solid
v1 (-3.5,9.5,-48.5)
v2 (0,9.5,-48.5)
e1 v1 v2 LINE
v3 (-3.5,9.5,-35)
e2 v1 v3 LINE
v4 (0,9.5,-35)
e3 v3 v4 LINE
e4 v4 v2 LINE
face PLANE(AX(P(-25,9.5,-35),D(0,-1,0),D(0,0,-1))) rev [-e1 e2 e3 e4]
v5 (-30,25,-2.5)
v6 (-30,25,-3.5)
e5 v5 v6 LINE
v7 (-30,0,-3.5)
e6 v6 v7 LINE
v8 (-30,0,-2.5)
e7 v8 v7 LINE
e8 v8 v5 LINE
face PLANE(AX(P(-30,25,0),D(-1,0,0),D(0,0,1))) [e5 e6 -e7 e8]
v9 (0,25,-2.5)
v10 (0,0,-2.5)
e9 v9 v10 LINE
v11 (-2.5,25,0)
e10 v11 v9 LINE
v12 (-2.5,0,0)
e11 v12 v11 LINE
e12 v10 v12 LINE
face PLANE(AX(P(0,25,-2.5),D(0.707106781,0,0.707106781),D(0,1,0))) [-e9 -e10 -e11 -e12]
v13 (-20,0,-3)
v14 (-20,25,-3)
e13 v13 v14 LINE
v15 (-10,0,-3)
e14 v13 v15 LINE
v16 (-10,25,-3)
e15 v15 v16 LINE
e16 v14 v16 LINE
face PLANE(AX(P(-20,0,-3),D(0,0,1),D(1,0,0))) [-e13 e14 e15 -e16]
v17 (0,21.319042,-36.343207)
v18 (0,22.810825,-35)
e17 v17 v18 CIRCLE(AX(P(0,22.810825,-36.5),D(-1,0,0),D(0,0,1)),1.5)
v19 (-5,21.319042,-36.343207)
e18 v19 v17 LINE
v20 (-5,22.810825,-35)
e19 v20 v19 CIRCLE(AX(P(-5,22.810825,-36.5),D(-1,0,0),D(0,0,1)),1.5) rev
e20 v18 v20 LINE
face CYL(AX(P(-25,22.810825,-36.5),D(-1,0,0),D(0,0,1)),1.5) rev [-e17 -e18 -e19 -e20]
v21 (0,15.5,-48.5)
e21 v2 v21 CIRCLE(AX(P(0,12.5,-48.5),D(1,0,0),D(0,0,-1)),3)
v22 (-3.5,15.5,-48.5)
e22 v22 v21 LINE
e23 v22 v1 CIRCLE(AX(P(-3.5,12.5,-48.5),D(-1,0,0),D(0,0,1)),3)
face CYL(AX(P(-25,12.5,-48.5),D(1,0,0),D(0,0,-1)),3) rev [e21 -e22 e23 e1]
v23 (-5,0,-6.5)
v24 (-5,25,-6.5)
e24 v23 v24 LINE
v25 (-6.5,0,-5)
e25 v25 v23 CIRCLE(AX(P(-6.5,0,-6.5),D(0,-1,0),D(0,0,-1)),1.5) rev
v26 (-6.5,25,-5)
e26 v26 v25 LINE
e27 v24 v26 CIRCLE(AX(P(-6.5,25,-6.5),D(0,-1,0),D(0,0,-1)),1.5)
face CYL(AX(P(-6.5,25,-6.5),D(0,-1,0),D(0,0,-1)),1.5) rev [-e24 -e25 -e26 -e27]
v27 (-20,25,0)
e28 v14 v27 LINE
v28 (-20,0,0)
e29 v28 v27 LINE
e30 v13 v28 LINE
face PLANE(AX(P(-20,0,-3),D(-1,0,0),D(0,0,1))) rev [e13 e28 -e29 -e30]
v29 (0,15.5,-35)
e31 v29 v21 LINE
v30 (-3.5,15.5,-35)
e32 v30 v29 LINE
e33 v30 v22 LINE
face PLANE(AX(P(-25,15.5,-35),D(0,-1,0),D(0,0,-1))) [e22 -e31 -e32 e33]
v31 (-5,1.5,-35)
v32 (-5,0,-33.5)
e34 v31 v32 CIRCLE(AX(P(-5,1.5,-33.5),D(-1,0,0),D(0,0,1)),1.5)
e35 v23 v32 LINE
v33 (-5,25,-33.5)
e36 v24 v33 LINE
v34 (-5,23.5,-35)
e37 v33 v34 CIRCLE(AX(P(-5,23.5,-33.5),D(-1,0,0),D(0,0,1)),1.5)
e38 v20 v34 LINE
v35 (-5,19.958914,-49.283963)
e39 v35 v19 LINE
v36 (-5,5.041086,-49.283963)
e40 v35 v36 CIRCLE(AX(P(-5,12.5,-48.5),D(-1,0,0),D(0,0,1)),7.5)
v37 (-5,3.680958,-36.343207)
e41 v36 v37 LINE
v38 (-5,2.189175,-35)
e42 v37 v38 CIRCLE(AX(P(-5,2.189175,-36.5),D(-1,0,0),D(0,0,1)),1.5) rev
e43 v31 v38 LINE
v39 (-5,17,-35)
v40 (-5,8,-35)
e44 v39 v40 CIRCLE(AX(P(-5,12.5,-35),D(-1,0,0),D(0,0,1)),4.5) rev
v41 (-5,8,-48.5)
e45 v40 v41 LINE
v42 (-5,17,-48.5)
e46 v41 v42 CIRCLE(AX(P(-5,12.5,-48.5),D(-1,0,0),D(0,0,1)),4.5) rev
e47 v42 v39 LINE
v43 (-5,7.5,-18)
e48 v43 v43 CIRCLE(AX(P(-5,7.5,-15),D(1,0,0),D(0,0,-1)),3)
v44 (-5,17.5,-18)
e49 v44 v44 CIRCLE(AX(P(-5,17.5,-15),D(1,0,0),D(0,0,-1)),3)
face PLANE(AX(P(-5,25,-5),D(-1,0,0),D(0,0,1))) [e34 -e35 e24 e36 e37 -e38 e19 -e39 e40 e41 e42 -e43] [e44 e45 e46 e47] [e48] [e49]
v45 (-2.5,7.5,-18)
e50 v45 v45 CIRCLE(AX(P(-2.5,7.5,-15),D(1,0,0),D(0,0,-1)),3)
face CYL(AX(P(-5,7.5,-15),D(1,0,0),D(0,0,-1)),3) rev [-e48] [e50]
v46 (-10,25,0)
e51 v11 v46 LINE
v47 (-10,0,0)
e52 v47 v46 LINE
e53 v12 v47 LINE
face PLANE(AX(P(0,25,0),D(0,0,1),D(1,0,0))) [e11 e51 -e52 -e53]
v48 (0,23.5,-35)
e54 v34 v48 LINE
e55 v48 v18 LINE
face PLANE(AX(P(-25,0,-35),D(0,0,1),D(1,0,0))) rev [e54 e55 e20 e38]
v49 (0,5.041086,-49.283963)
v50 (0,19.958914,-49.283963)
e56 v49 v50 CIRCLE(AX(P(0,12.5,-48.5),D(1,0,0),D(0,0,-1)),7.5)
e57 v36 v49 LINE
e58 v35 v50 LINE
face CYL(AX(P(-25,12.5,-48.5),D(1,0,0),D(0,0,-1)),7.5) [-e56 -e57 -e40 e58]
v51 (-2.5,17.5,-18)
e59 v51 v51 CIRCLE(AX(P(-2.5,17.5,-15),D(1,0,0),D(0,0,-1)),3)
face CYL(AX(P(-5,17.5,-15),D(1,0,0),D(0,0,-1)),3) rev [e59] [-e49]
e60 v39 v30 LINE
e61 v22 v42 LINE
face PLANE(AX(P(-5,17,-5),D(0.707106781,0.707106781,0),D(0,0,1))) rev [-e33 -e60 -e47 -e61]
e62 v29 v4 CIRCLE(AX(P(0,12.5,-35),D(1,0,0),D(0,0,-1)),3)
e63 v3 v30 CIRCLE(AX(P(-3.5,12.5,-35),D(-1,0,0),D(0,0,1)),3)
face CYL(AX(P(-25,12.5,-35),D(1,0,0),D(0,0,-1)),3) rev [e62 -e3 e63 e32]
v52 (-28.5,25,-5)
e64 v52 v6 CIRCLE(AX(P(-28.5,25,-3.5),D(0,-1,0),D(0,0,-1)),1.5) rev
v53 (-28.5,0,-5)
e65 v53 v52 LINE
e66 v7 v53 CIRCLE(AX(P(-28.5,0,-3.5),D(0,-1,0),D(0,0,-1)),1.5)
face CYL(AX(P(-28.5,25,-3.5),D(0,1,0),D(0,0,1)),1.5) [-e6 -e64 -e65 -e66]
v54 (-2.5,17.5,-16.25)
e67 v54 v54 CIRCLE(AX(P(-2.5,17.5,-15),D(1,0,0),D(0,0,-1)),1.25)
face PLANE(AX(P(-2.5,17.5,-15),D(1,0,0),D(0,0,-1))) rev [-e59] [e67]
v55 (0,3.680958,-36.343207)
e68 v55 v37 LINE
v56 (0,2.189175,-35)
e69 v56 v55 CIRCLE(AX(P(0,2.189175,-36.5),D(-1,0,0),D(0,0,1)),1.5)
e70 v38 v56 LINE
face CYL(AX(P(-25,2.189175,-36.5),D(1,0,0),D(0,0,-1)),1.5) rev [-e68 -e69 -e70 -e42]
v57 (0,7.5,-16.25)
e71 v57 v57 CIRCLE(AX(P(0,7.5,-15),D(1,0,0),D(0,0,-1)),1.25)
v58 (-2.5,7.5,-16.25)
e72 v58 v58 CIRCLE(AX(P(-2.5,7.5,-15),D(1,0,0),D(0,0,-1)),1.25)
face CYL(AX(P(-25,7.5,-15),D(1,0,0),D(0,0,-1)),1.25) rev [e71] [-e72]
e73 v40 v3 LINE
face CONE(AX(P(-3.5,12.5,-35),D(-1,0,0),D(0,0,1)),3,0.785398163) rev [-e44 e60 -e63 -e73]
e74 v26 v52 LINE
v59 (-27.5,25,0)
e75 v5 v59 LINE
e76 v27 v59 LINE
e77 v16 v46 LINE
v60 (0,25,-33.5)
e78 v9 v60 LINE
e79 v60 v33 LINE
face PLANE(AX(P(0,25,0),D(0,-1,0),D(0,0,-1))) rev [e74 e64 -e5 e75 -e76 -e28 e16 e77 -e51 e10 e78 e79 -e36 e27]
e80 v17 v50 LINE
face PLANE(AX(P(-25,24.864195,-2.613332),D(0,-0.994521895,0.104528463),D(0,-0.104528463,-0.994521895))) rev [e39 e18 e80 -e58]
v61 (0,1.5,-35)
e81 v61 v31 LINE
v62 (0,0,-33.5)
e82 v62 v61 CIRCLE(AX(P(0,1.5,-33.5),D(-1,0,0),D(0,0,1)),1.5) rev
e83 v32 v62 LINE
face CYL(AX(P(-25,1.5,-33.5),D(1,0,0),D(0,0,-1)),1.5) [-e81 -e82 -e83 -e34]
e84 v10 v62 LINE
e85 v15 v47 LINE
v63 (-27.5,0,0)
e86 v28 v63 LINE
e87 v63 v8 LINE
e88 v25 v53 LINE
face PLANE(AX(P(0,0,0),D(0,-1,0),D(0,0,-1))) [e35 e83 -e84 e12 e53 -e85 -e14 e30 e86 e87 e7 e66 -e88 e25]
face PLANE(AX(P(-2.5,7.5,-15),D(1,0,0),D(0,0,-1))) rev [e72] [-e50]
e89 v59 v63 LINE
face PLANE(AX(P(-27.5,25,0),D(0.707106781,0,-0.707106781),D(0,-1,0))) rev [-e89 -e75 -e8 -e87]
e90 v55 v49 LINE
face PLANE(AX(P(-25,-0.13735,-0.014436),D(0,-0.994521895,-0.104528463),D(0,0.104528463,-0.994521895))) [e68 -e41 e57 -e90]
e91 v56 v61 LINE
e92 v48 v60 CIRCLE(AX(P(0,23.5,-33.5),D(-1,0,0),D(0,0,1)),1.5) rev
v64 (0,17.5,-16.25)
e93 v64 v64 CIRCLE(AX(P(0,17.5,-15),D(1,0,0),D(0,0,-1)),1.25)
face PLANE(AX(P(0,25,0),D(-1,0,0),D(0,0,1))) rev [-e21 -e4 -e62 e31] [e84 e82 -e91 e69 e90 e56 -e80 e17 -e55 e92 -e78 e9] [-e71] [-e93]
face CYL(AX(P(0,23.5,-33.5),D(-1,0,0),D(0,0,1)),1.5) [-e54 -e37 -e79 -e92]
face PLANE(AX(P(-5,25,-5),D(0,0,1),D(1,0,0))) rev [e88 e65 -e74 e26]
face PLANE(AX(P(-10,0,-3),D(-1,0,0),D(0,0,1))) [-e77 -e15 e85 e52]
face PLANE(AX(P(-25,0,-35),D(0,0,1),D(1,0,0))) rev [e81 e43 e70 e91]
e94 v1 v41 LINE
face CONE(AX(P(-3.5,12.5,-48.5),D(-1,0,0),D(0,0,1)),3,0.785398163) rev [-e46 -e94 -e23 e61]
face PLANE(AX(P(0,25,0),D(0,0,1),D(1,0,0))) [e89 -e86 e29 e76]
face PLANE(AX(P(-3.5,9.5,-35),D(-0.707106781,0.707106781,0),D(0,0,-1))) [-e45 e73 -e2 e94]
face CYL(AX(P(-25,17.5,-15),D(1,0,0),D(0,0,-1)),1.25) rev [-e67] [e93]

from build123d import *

# Parameters (mm, degrees)
BOSS_EXTRUDE1_DEPTH = 25
CUT_EXTRUDE1_DEPTH  = 25
CUT_EXTRUDE2_DEPTH  = 25
FILLET1_R           = 1.5
SKETCH5_R           = 1.25
CUT_EXTRUDE4_DEPTH  = 25
CUT_EXTRUDE5_START  = -2.5
SKETCH5_4_R         = 3
SKETCH5_4_R_2       = 1.25
CUT_EXTRUDE5_DEPTH  = 2.5
SKETCH7_W           = 10
SKETCH7_H           = 3
CUT_EXTRUDE6_DEPTH  = 69.271516755
CHAMFER1_SIZE       = 2.5
FILLET2_R           = 1.5
CHAMFER2_SIZE       = 1.5


with BuildPart() as part:
    # Sketch1 → Boss-Extrude1 (new body)
    with BuildSketch(Plane(origin=(0, 0, 0), x_dir=(1, 0, 0), z_dir=(0, 1, 0))):
        Polygon((0, 0), (-30, 0), (-30, 5), (-5, 5), (-5, 56), (0, 56), align=None)
    extrude(amount=BOSS_EXTRUDE1_DEPTH)

    # Sketch2 → Cut-Extrude1 (cut)
    with BuildSketch(Plane(origin=(0, 0, 0), x_dir=(0, 0, -1), z_dir=(1, 0, 0))):
        with BuildLine():
            Line((56, 25), (35, 25))
            Line((35, 25), (35, 21.460219273))
            Line((35, 21.460219273), (49.283963462, 19.958914217))
            ThreePointArc((49.283963462, 19.958914217), (54.073586187, 17.518479552), (56, 12.5))
            Line((56, 12.5), (56, 25))
        make_face()
        with BuildLine():
            ThreePointArc((56, 12.5), (54.073586128, 7.481520383), (49.283963288, 5.041085765))
            Line((49.283963288, 5.041085765), (35, 3.539780727))
            Line((35, 3.539780727), (35, 0))
            Line((35, 0), (56, 0))
            Line((56, 0), (56, 12.5))
        make_face()
    extrude(amount=-CUT_EXTRUDE1_DEPTH, mode=Mode.SUBTRACT)

    # Sketch3 → Cut-Extrude2 (cut)
    with BuildSketch(Plane(origin=(0, 0, 0), x_dir=(0, 0, -1), z_dir=(1, 0, 0))):
        with BuildLine():
            Line((35, 15.5), (48.5, 15.5))
            ThreePointArc((48.5, 15.5), (51.5, 12.5), (48.5, 9.5))
            Line((48.5, 9.5), (35, 9.5))
            ThreePointArc((35, 9.5), (32, 12.5), (35, 15.5))
        make_face()
    extrude(amount=-CUT_EXTRUDE2_DEPTH, mode=Mode.SUBTRACT)

    # Fillet1
    fillet1_edges = [part.edges().sort_by_distance(p)[0] for p in [
        (-2.5, 21.460219273, -35),
        (-2.5, 3.539780727, -35),
        (-2.5, 0, -35),
        (-2.5, 25, -35),
    ]]
    fillet(fillet1_edges, radius=FILLET1_R)

    # Sketch5 → Cut-Extrude4 (cut)
    with BuildSketch(Plane(origin=(0, 0, 0), x_dir=(0, 0, -1), z_dir=(1, 0, 0))):
        with Locations((15, 17.5)):
            Circle(SKETCH5_R)
        with Locations((15, 7.5)):
            Circle(SKETCH5_R)
    extrude(amount=-CUT_EXTRUDE4_DEPTH, mode=Mode.SUBTRACT)

    # Sketch5<4> → Cut-Extrude5 (cut)
    # profile 1 of 2: a face of its own
    with BuildSketch(Plane(origin=(0, 0, 0), x_dir=(0, 0, -1), z_dir=(1, 0, 0)).offset(CUT_EXTRUDE5_START)):
        with Locations((15, 17.5)):
            Circle(SKETCH5_4_R)
        with Locations((15, 17.5)):
            Circle(SKETCH5_4_R_2, mode=Mode.SUBTRACT)
    # profile 2 of 2: a face of its own
    with BuildSketch(Plane(origin=(0, 0, 0), x_dir=(0, 0, -1), z_dir=(1, 0, 0)).offset(CUT_EXTRUDE5_START)):
        with Locations((15, 7.5)):
            Circle(SKETCH5_4_R)
        with Locations((15, 7.5)):
            Circle(SKETCH5_4_R_2, mode=Mode.SUBTRACT)
    extrude(amount=-CUT_EXTRUDE5_DEPTH, mode=Mode.SUBTRACT)

    # Sketch7 → Cut-Extrude6 (cut, through all)
    with BuildSketch(Plane(origin=(0, 25, 0), x_dir=(1, 0, 0), z_dir=(0, 1, 0))):
        with Locations((-15, 1.5)):
            Rectangle(SKETCH7_W, SKETCH7_H)
    extrude(amount=-CUT_EXTRUDE6_DEPTH, mode=Mode.SUBTRACT)

    # Chamfer1
    chamfer1_edges = [part.edges().sort_by_distance(p)[0] for p in [
        (0, 12.5, 0),
        (-30, 12.5, 0),
    ]]
    chamfer(chamfer1_edges, length=CHAMFER1_SIZE)

    # Fillet2
    fillet2_edges = [part.edges().sort_by_distance(p)[0] for p in [
        (-30, 12.5, -5),
        (-5, 12.5, -5),
    ]]
    fillet(fillet2_edges, radius=FILLET2_R)

    # Chamfer2
    chamfer2_edges = [part.edges().sort_by_distance(p)[0] for p in [
        (-5, 9.5, -41.75),
        (-5, 12.5, -51.5),
        (-5, 12.5, -32),
        (-5, 15.5, -41.75),
    ]]
    chamfer(chamfer2_edges, length=CHAMFER2_SIZE)


solid = part.part
